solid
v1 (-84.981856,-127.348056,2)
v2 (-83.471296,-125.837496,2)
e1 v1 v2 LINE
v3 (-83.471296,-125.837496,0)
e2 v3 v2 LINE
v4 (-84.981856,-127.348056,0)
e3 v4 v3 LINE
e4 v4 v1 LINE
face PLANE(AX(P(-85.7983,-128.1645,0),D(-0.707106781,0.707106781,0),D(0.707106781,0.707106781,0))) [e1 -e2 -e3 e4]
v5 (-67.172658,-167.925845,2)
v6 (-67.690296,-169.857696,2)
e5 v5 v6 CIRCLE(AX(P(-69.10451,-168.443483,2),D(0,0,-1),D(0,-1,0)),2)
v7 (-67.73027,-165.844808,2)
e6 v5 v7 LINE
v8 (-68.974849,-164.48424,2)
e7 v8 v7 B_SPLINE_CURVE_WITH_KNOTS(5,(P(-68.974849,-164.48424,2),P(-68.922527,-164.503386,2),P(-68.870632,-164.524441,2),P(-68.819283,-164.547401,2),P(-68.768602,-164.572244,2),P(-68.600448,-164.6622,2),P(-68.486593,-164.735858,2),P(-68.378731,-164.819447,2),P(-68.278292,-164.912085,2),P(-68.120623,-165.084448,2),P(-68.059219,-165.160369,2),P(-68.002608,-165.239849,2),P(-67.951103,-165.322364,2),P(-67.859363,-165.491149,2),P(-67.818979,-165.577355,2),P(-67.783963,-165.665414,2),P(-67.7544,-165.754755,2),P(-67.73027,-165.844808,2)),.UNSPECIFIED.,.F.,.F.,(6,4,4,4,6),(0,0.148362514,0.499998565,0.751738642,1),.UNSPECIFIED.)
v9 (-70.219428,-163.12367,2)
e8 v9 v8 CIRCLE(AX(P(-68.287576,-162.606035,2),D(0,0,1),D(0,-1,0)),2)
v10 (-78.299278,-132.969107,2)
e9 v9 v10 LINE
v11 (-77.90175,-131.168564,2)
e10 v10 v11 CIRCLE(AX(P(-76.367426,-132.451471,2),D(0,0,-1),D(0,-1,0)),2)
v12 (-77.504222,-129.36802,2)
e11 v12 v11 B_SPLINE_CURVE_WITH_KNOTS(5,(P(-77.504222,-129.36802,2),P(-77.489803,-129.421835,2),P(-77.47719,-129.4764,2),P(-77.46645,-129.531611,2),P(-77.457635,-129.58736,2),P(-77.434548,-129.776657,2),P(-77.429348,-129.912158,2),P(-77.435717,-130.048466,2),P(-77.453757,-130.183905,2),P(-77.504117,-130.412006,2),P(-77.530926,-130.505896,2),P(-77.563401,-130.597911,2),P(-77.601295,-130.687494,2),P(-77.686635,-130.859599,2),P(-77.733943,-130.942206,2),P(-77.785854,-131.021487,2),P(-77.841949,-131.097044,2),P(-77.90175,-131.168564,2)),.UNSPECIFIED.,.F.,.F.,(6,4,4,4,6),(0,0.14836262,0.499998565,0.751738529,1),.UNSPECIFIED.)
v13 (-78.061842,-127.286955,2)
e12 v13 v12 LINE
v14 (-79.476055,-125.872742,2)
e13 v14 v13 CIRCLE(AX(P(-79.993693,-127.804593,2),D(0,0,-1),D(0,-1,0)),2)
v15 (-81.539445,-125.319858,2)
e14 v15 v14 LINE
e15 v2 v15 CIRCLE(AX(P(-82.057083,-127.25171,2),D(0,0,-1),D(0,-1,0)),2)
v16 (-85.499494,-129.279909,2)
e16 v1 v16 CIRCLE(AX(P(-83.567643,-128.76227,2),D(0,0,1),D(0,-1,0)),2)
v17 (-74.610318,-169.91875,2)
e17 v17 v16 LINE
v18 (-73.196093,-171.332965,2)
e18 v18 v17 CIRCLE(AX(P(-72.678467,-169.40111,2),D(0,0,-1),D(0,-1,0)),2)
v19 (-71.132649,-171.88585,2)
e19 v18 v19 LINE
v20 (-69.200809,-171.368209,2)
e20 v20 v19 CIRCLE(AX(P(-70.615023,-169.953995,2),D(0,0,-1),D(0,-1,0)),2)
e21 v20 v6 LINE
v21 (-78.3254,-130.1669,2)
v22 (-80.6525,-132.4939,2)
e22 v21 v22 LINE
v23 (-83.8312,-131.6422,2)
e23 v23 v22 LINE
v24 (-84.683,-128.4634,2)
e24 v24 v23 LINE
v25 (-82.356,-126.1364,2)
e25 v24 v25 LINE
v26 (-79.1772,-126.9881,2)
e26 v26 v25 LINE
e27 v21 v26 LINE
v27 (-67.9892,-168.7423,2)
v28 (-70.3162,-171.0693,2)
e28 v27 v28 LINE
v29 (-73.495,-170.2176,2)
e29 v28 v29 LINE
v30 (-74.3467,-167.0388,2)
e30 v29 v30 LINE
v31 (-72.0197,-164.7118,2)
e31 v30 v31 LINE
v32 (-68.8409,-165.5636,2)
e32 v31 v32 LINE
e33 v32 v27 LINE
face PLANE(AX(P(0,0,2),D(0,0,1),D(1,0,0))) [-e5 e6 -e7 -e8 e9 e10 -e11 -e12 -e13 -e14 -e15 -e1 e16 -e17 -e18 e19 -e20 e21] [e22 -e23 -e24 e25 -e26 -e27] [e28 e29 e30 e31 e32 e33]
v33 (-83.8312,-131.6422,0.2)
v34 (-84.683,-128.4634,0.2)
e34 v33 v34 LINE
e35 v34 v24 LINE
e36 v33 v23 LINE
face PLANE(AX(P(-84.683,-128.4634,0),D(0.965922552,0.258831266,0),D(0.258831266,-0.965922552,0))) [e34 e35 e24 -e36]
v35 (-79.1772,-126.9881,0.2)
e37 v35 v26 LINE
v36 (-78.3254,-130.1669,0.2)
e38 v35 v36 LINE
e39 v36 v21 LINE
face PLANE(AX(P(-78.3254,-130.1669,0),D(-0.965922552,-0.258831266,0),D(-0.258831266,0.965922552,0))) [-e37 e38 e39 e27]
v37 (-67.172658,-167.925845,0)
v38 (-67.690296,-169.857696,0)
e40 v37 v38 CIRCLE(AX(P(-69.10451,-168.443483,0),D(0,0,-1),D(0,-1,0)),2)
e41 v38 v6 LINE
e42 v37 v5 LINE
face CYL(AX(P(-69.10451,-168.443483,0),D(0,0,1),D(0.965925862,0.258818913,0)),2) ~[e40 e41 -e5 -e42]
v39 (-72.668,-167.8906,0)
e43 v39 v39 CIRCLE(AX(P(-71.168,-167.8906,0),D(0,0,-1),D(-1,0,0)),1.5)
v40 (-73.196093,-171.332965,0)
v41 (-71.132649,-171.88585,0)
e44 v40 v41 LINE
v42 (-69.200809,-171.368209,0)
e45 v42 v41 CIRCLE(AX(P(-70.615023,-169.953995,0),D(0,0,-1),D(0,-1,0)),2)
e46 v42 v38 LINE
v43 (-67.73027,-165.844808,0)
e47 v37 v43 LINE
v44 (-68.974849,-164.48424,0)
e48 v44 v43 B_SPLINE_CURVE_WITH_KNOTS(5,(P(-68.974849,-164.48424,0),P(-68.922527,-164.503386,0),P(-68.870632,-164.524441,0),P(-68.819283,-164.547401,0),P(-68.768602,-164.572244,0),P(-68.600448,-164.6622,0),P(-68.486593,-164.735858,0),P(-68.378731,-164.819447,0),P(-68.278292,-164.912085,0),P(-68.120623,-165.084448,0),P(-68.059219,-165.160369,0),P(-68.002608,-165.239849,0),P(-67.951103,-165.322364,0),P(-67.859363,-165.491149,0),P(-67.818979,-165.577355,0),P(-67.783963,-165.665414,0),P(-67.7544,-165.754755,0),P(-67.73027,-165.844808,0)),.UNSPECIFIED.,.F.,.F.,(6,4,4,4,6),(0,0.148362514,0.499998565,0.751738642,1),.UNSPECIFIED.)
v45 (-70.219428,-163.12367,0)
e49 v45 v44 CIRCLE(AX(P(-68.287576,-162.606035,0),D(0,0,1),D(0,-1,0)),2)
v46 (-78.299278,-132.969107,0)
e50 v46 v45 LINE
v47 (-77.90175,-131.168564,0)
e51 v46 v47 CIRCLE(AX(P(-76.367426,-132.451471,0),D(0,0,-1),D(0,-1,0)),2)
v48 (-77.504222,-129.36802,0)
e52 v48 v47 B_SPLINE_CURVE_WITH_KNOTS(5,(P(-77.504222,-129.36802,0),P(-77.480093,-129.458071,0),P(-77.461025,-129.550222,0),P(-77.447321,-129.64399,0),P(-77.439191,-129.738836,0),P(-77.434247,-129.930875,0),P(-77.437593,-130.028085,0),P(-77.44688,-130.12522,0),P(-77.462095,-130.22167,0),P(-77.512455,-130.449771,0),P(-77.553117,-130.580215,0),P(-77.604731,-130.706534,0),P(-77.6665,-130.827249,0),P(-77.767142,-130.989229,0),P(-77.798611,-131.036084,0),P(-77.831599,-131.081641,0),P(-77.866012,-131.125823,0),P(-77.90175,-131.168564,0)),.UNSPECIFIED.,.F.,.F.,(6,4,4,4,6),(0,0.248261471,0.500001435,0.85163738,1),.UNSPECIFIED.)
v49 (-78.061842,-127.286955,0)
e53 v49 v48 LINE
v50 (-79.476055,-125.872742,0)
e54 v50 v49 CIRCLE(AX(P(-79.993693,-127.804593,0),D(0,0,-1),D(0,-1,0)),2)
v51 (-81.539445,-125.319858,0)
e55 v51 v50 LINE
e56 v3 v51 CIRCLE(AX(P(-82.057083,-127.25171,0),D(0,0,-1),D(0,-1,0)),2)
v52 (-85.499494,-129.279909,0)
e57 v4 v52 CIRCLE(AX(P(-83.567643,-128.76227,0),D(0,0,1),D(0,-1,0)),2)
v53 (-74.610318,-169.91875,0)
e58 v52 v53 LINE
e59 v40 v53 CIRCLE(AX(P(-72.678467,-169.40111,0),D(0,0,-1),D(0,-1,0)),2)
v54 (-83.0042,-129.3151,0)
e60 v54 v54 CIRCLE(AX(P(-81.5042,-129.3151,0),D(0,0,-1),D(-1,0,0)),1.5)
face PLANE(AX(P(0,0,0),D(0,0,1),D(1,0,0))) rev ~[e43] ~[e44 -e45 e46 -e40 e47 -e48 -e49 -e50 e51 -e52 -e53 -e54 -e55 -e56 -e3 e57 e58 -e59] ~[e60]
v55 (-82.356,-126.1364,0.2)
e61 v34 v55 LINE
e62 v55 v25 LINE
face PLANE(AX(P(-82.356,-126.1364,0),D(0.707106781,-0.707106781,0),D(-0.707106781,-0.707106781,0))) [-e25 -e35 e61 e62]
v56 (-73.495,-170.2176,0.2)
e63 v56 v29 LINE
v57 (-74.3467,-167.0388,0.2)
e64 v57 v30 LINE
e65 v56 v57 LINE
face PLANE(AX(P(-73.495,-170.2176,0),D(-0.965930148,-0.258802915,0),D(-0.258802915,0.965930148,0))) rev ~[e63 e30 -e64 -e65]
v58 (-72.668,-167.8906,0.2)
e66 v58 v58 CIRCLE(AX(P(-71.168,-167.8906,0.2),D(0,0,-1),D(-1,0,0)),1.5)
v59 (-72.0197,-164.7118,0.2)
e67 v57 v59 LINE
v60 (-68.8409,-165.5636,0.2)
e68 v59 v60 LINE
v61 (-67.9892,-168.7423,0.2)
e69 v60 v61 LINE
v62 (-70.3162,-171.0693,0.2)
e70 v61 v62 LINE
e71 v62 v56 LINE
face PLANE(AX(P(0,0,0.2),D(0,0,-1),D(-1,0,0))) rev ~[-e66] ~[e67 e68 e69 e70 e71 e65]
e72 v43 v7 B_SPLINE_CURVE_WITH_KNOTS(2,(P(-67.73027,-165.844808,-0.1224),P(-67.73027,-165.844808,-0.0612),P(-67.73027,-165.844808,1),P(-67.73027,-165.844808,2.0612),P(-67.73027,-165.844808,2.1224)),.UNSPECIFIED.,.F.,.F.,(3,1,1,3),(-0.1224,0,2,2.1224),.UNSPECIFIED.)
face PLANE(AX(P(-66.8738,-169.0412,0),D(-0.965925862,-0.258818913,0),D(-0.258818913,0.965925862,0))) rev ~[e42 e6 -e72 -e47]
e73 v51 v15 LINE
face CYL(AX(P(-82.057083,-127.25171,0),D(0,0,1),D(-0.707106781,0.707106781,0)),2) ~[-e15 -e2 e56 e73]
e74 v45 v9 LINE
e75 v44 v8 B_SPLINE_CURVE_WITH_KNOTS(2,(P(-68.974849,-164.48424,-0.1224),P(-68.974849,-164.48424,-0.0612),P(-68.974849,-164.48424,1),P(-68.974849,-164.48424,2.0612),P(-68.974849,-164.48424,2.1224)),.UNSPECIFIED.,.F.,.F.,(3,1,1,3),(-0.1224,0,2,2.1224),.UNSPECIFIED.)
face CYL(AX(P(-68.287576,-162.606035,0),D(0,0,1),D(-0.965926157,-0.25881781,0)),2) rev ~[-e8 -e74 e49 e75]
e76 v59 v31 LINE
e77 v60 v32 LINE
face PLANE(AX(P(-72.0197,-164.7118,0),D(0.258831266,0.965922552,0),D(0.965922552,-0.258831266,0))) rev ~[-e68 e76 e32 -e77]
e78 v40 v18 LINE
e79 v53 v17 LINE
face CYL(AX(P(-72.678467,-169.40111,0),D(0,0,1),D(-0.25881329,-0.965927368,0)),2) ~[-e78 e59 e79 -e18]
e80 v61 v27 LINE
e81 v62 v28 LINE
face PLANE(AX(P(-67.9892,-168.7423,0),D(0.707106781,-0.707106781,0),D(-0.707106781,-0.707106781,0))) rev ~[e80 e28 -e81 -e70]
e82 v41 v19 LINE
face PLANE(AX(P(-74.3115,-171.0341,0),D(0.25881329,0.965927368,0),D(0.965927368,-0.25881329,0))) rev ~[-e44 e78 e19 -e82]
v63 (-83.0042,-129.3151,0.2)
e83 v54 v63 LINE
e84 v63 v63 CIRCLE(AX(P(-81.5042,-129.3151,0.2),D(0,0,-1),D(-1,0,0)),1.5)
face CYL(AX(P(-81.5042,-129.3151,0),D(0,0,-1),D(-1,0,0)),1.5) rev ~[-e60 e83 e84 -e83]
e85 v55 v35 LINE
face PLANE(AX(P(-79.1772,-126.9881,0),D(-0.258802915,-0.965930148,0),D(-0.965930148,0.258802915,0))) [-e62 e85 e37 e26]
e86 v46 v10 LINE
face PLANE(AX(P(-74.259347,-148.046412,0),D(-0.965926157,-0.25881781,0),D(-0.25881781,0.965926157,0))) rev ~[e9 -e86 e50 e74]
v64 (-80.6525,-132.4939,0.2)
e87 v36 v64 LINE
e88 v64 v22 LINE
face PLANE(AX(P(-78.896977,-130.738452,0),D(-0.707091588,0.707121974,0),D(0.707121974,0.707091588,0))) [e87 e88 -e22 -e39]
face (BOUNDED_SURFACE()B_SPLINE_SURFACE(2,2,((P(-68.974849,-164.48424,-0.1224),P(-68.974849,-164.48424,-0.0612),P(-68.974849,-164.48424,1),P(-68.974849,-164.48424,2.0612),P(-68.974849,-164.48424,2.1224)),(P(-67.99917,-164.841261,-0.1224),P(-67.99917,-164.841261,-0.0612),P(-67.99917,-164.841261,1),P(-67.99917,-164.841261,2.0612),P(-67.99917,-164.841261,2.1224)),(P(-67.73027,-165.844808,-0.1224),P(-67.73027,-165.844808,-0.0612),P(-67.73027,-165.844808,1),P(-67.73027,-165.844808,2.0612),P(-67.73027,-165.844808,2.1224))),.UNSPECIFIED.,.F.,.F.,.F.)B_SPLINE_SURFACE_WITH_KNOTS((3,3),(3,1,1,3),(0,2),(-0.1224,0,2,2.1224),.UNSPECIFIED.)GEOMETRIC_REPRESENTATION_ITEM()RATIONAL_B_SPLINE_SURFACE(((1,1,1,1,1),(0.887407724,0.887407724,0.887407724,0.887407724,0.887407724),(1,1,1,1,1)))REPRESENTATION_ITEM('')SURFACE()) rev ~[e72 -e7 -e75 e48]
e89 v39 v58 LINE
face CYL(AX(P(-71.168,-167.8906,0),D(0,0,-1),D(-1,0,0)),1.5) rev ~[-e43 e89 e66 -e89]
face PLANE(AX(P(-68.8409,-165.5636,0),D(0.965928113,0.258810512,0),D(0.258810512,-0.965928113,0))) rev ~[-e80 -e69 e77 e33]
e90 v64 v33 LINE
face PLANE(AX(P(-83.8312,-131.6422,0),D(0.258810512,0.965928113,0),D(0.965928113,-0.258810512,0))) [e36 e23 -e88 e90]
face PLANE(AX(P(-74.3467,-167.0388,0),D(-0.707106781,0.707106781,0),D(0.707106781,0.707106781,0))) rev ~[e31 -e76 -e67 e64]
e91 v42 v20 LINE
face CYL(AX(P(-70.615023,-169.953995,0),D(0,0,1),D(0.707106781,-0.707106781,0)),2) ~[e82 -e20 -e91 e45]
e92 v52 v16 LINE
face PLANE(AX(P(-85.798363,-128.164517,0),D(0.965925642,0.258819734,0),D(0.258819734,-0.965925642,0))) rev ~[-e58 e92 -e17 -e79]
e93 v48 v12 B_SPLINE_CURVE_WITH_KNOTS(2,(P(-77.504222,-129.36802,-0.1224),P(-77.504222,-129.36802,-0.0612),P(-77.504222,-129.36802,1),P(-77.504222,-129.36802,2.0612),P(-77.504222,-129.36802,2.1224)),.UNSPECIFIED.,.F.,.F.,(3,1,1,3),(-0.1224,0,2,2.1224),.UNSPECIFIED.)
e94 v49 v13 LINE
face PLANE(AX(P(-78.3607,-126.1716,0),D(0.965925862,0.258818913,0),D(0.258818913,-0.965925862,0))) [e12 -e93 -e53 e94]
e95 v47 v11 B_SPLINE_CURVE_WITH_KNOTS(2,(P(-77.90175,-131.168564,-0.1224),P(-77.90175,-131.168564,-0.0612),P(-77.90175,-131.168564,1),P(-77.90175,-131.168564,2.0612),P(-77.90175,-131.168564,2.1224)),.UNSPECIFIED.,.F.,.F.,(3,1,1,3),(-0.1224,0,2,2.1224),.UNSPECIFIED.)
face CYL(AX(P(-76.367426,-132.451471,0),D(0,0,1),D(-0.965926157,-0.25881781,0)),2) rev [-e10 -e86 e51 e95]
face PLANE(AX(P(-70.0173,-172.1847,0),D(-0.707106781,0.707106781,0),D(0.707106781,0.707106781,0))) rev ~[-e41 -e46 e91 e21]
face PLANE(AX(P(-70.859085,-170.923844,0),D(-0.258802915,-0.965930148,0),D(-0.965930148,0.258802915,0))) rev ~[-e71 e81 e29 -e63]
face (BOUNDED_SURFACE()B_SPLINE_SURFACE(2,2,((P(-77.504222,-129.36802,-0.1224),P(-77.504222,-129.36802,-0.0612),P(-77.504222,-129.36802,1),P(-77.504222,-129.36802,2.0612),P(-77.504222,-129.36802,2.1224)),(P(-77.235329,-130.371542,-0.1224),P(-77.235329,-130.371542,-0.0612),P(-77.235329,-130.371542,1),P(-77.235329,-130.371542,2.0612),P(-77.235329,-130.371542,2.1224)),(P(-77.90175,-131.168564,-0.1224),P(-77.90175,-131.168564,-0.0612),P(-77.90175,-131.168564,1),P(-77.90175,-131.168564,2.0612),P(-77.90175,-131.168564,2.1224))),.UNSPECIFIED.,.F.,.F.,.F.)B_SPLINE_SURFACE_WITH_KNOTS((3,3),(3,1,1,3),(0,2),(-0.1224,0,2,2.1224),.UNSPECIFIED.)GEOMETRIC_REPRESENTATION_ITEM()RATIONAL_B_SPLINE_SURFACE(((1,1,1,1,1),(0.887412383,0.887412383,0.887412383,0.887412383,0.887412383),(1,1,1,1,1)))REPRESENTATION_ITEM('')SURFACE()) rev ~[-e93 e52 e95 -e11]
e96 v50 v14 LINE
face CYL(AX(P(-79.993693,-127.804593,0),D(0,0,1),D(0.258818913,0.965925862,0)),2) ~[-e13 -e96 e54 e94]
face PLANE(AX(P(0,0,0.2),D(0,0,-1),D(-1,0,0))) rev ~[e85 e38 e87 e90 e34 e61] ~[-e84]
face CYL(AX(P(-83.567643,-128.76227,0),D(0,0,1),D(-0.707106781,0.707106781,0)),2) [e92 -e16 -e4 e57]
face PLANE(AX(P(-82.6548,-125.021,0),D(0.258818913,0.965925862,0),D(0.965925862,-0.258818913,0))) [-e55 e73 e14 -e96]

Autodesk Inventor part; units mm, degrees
ref_plane "YZ Plane" through (0, 0, 0) normal (1, 0, 0) x (0, 1, 0)
ref_plane "XZ Plane" through (0, 0, 0) normal (0, 1, 0) x (-1, 0, 0)
ref_plane "XY Plane" through (0, 0, 0) normal (0, 0, 1) x (1, 0, 0)
sketch "Эскиз1" plane through (0, 0, 0) normal (0, 0, 1) x (1, 0, 0)
  line L0 (-88.2272, -119.1) -> (-57.3625, -234.2883) projected
  line L1 (-71.2043, -171.0391) -> (-83.11, -126.6066) construction
  line L2 (-69.083, -167.3649) -> (-79.4357, -128.7279)
  line L3 (-85.2313, -130.2808) -> (-74.8785, -168.9178)
  arc A0 (-74.8785, -168.9178) -> (-69.083, -167.3649) centre (-71.9807, -168.1414) ccw
  arc A1 (-79.4357, -128.7279) -> (-85.2313, -130.2808) centre (-82.3335, -129.5043) ccw
  line L4 (-68.8409, -165.5636) -> (-67.9892, -168.7423)
  line L5 (-67.9892, -168.7423) -> (-70.3162, -171.0693)
  line L6 (-70.3162, -171.0693) -> (-73.495, -170.2176)
  line L7 (-73.495, -170.2176) -> (-74.3467, -167.0388)
  line L8 (-74.3467, -167.0388) -> (-72.0197, -164.7118)
  line L9 (-72.0197, -164.7118) -> (-68.8409, -165.5636)
  line L10 (-72.3186, -163.5965) -> (-75.4621, -166.74)
  line L11 (-75.4621, -166.74) -> (-74.3115, -171.0341)
  line L12 (-74.3115, -171.0341) -> (-70.0173, -172.1847)
  line L13 (-70.0173, -172.1847) -> (-66.8738, -169.0412)
  line L14 (-66.8738, -169.0412) -> (-68.0244, -164.7471)
  line L15 (-68.0244, -164.7471) -> (-72.3186, -163.5965)
  line L16 (-77.1571, -148.8229) -> (-74.2593, -148.0464)
  line L17 (-78.3254, -130.1669) -> (-79.1772, -126.9881)
  line L18 (-79.1772, -126.9881) -> (-82.356, -126.1364)
  line L19 (-82.356, -126.1364) -> (-84.683, -128.4634)
  line L20 (-84.683, -128.4634) -> (-83.8312, -131.6422)
  line L21 (-80.6525, -132.4939) -> (-78.3254, -130.1669)
  line L22 (-80.3536, -133.6093) -> (-84.6477, -132.4587)
  line L23 (-85.7983, -128.1645) -> (-82.6548, -125.021)
  line L24 (-82.6548, -125.021) -> (-78.3607, -126.1716)
  line L25 (-78.3607, -126.1716) -> (-77.2101, -130.4657)
  line L26 (-77.2101, -130.4657) -> (-80.3536, -133.6093)
  line L27 (-83.8312, -131.6422) -> (-80.6525, -132.4939)
  point P0 (0, 0)
  point P1 (-71.168, -167.8906)
  point P2 (-69.9205, -164.239)
  point P3 (-78.5981, -131.8538)
  dimension "d0" = 0
  dimension "d2" = 40
  dimension "d3" = 3
  dimension "d4" = 5.7
  dimension "d5" = 1
  dimension "d6" = 1
extrude "Выдавливание1" add sketch "Эскиз1" along normal blind 2 contours L23 L24 L25 L26 L2 L21 L17 L18 L19 A1 L0 | A1 L19 L20 L27 L21 L2 L26 L22 L0 | L22 L26 L2 L15 L10 L0 | L10 L15 L2 L9 L8 L7 L6 A0 L0 | A0 L6 L5 L4 L9 L2 L15 L14 L13 L12 L0
sketch "Эскиз2" plane through (0, 0, 0) normal (0, 0, -1) x (-1, 0, 0)
  line L0 (78.3254, -130.1669) -> (80.6525, -132.4939) projected
  line L1 (84.683, -128.4634) -> (82.356, -126.1364) projected
  line L2 (83.8312, -131.6422) -> (84.683, -128.4634) projected
  line L3 (80.6525, -132.4939) -> (83.8312, -131.6422) projected
  line L4 (82.356, -126.1364) -> (79.1772, -126.9881) projected
  line L5 (79.1772, -126.9881) -> (78.3254, -130.1669) projected
  arc A0 (19.276, -252.9141) -> (17.0616, -251.2452) centre (19.4208, -250.4183) ccw projected
  arc A1 (19.276, -252.9141) -> (27.7531, -256.792) centre (35, -229.7461) ccw projected
  line L6 (48.5053, -262.3526) -> (27.7531, -256.792) projected
  line L7 (49.9977, -260.8602) -> (48.5053, -262.3526) projected
  arc A2 (51.783, -259.0748) -> (49.9977, -260.8602) centre (49.3645, -258.4417) ccw projected
  line L8 (60, -250.8579) -> (51.783, -259.0748) projected
  line L9 (60, -250.8579) -> (60, -245) projected
  line L10 (61.2941, -235.1704) -> (60, -245) projected
  line L11 (61.2941, -235.1704) -> (85, -146.6987) projected
  line L12 (85, -129.4867) -> (85, -146.6987) projected
  arc A3 (85, -111.5505) -> (85, -116.4495) centre (82.5, -114) ccw projected
  line L13 (85, -46.4495) -> (85, -111.5505) projected
  arc A4 (85, -41.5505) -> (85, -46.4495) centre (82.5, -44) ccw projected
  line L14 (85, -37.8284) -> (85, -41.5505) projected
  line L15 (76.4668, -29.2952) -> (85, -37.8284) projected
  arc A5 (72.9685, -21.4377) -> (76.4668, -29.2952) centre (84.9521, -20.8099) ccw projected
  arc A6 (72.9685, -21.4377) -> (27.398, -26.9013) centre (50, -22.641) ccw projected
  spline S0 degree 3 poles (27.6217, -27.9525) (27.5401, -27.6087) (27.4664, -27.263) (27.4007, -26.9157) (27.3998, -26.9109) (27.3989, -26.9061) (27.398, -26.9013) knots -4.945428 -4.945428 -4.945428 -4.945428 -4.899332 -4.899332 -4.899332 -4.898696 -4.898696 -4.898696 -4.898696 weights 1 1 1 1 1 1 1 projected
  spline S1 degree 3 poles (28.164, -30.4631) (27.9989, -29.614) (27.8171, -28.7759) (27.6217, -27.9525) knots 3.015096 3.015096 3.015096 3.015096 3.260421 3.260421 3.260421 3.260421 weights 1 1 1 1 projected
  spline S2 degree 3 poles (28.3854, -31.6677) (28.3156, -31.2645) (28.2417, -30.8629) (28.164, -30.4631) knots 1.901203 1.901203 1.901203 1.901203 2.021579 2.021579 2.021579 2.021579 projected
  spline S3 degree 3 poles (27.2821, -32.2702) (27.4905, -32.4048) (27.7033, -32.5146) (27.9524, -32.5655) (28.0203, -32.5713) (28.1301, -32.5543) (28.1726, -32.54) (28.2472, -32.4946) (28.2776, -32.4662) (28.335, -32.3905) (28.358, -32.3417) (28.403, -32.2042) (28.4139, -32.1072) (28.4174, -31.9004) (28.4051, -31.7812) (28.3854, -31.6677) knots 0 0 0 0 0.074448 0.074448 0.10037 0.10037 0.118258 0.118258 0.134856 0.134856 0.155747 0.155747 0.191916 0.191916 0.237121 0.237121 0.237121 0.237121 projected
  arc A7 (27.2821, -32.2702) -> (27.8696, -42.0032) centre (24, -37.3526) ccw projected
  spline S4 degree 3 poles (29.1017, -42.1691) (29.109, -42.0304) (29.1004, -41.9076) (29.061, -41.7446) (29.038, -41.6821) (28.9802, -41.5961) (28.9528, -41.5669) (28.8903, -41.5252) (28.8586, -41.5123) (28.7851, -41.4972) (28.7445, -41.4975) (28.6379, -41.5118) (28.5702, -41.5357) (28.3843, -41.6196) (28.2441, -41.7105) (28.0145, -41.8847) (27.9405, -41.9442) (27.8696, -42.0032) knots 0 0 0 0 0.041653 0.041653 0.066962 0.066962 0.083043 0.083043 0.096975 0.096975 0.113046 0.113046 0.139961 0.139961 0.194848 0.194848 0.220751 0.220751 0.220751 0.220751 projected
  spline S5 degree 3 poles (28.9908, -43.6688) (28.9918, -43.6586) (28.9927, -43.6484) (29.0398, -43.1514) (29.0756, -42.6615) (29.1017, -42.1691) knots 0.829158 0.829158 0.829158 0.829158 0.832223 0.832223 0.978679 0.978679 0.978679 0.978679 projected
  spline S6 degree 3 poles (19.7401, -60.1945) (21.5778, -59.1335) (23.1611, -57.7343) (25.061, -55.3244) (25.591, -54.5234) (27.536, -51.066) (28.3761, -48.1601) (28.7981, -45.2696) (28.876, -44.7357) (28.9396, -44.2038) (28.9908, -43.6688) knots 0 0 0 0 0.557778 0.557778 0.815105 0.815105 1.63021 1.63021 1.63021 1.780759 1.780759 1.780759 1.780759 weights 1 1 1 1 1 1 1 1 1 1 1 projected
  line L16 (19.7253, -60.203) -> (19.7401, -60.1945) projected
  line L17 (7, -67.55) -> (19.7253, -60.203) projected
  line L18 (7, -229.7461) -> (7, -67.55) projected
  arc A8 (7, -229.7461) -> (17.0616, -251.2452) centre (35, -229.7461) ccw projected
  circle A9 centre (27.4442, -220.4746) radius 2.5 projected
  circle A10 centre (38.4044, -239.4581) radius 7.5 projected
  circle A11 centre (24, -107.3526) radius 4 projected
  circle A12 centre (34.7265, -68.7944) radius 1.5 projected
  circle A13 centre (34.7265, -138.7944) radius 1.5 projected
  circle A14 centre (34.7265, -208.7944) radius 1.5 projected
  circle A15 centre (43.2836, -60.3339) radius 1.5 projected
  circle A16 centre (43.2836, -200.3339) radius 1.5 projected
  circle A17 centre (43.2836, -130.3339) radius 1.5 projected
  circle A18 centre (30.7187, -204.3292) radius 1.5 projected
  circle A19 centre (30.7187, -134.3292) radius 1.5 projected
  circle A20 centre (30.7187, -64.3292) radius 1.5 projected
  circle A21 centre (38.7342, -73.2595) radius 1.5 projected
  circle A22 centre (38.7342, -143.2595) radius 1.5 projected
  circle A23 centre (38.7342, -213.2595) radius 1.5 projected
  circle A24 centre (26.7109, -199.864) radius 1.5 projected
  circle A25 centre (26.7109, -129.864) radius 1.5 projected
  circle A26 centre (26.7109, -59.864) radius 1.5 projected
  circle A27 centre (50, -22.641) radius 6 projected
  circle A28 centre (24, -37.3526) radius 4 projected
  circle A29 centre (24, -177.3526) radius 4 projected
  circle A30 centre (57.3879, -228.498) radius 2.5 projected
  line L19 (74.3467, -167.0388) -> (72.0197, -164.7118) projected
  line L20 (73.495, -170.2176) -> (74.3467, -167.0388) projected
  line L21 (70.3162, -171.0693) -> (73.495, -170.2176) projected
  line L22 (67.9892, -168.7423) -> (70.3162, -171.0693) projected
  line L23 (68.8409, -165.5636) -> (67.9892, -168.7423) projected
  line L24 (72.0197, -164.7118) -> (68.8409, -165.5636) projected
  line L25 (80.6525, -132.4939) -> (83.8312, -131.6422) projected
  line L26 (79.1772, -126.9881) -> (78.3254, -130.1669) projected
  circle A31 centre (81.5042, -129.3151) radius 1.5
  circle A32 centre (71.168, -167.8906) radius 1.5
  arc A33 (85, -129.1436) -> (85, -129.4867) centre (81.5042, -129.3151) ccw projected
  line L27 (85, -116.4495) -> (85, -129.1436) projected
  circle A34 centre (71.168, -167.8906) radius 3.5 projected
  point P0 (0, 0)
  dimension "d9" = 3
  dimension "d10" = 3
extrude "Выдавливание2" add sketch "Эскиз2" against normal blind 0.2 contours L5 L4 L1 L2 L3 L0 | L20 L21 L22 L23 L24 L19
fillet "Сопряжение1" radius 2 10 edges at (-78.5981, -131.8538, 1) (-69.9205, -164.239, 1) (-68.0244, -164.7471, 1) (-66.8738, -169.0412, 1) (-70.0173, -172.1847, 1) (-74.3115, -171.0341, 1) (-82.6548, -125.021, 1) (-85.7983, -128.1645, 1) (-78.3607, -126.1716, 1) (-77.2101, -130.4657, 1)
properties part number "РельсКрышки"
